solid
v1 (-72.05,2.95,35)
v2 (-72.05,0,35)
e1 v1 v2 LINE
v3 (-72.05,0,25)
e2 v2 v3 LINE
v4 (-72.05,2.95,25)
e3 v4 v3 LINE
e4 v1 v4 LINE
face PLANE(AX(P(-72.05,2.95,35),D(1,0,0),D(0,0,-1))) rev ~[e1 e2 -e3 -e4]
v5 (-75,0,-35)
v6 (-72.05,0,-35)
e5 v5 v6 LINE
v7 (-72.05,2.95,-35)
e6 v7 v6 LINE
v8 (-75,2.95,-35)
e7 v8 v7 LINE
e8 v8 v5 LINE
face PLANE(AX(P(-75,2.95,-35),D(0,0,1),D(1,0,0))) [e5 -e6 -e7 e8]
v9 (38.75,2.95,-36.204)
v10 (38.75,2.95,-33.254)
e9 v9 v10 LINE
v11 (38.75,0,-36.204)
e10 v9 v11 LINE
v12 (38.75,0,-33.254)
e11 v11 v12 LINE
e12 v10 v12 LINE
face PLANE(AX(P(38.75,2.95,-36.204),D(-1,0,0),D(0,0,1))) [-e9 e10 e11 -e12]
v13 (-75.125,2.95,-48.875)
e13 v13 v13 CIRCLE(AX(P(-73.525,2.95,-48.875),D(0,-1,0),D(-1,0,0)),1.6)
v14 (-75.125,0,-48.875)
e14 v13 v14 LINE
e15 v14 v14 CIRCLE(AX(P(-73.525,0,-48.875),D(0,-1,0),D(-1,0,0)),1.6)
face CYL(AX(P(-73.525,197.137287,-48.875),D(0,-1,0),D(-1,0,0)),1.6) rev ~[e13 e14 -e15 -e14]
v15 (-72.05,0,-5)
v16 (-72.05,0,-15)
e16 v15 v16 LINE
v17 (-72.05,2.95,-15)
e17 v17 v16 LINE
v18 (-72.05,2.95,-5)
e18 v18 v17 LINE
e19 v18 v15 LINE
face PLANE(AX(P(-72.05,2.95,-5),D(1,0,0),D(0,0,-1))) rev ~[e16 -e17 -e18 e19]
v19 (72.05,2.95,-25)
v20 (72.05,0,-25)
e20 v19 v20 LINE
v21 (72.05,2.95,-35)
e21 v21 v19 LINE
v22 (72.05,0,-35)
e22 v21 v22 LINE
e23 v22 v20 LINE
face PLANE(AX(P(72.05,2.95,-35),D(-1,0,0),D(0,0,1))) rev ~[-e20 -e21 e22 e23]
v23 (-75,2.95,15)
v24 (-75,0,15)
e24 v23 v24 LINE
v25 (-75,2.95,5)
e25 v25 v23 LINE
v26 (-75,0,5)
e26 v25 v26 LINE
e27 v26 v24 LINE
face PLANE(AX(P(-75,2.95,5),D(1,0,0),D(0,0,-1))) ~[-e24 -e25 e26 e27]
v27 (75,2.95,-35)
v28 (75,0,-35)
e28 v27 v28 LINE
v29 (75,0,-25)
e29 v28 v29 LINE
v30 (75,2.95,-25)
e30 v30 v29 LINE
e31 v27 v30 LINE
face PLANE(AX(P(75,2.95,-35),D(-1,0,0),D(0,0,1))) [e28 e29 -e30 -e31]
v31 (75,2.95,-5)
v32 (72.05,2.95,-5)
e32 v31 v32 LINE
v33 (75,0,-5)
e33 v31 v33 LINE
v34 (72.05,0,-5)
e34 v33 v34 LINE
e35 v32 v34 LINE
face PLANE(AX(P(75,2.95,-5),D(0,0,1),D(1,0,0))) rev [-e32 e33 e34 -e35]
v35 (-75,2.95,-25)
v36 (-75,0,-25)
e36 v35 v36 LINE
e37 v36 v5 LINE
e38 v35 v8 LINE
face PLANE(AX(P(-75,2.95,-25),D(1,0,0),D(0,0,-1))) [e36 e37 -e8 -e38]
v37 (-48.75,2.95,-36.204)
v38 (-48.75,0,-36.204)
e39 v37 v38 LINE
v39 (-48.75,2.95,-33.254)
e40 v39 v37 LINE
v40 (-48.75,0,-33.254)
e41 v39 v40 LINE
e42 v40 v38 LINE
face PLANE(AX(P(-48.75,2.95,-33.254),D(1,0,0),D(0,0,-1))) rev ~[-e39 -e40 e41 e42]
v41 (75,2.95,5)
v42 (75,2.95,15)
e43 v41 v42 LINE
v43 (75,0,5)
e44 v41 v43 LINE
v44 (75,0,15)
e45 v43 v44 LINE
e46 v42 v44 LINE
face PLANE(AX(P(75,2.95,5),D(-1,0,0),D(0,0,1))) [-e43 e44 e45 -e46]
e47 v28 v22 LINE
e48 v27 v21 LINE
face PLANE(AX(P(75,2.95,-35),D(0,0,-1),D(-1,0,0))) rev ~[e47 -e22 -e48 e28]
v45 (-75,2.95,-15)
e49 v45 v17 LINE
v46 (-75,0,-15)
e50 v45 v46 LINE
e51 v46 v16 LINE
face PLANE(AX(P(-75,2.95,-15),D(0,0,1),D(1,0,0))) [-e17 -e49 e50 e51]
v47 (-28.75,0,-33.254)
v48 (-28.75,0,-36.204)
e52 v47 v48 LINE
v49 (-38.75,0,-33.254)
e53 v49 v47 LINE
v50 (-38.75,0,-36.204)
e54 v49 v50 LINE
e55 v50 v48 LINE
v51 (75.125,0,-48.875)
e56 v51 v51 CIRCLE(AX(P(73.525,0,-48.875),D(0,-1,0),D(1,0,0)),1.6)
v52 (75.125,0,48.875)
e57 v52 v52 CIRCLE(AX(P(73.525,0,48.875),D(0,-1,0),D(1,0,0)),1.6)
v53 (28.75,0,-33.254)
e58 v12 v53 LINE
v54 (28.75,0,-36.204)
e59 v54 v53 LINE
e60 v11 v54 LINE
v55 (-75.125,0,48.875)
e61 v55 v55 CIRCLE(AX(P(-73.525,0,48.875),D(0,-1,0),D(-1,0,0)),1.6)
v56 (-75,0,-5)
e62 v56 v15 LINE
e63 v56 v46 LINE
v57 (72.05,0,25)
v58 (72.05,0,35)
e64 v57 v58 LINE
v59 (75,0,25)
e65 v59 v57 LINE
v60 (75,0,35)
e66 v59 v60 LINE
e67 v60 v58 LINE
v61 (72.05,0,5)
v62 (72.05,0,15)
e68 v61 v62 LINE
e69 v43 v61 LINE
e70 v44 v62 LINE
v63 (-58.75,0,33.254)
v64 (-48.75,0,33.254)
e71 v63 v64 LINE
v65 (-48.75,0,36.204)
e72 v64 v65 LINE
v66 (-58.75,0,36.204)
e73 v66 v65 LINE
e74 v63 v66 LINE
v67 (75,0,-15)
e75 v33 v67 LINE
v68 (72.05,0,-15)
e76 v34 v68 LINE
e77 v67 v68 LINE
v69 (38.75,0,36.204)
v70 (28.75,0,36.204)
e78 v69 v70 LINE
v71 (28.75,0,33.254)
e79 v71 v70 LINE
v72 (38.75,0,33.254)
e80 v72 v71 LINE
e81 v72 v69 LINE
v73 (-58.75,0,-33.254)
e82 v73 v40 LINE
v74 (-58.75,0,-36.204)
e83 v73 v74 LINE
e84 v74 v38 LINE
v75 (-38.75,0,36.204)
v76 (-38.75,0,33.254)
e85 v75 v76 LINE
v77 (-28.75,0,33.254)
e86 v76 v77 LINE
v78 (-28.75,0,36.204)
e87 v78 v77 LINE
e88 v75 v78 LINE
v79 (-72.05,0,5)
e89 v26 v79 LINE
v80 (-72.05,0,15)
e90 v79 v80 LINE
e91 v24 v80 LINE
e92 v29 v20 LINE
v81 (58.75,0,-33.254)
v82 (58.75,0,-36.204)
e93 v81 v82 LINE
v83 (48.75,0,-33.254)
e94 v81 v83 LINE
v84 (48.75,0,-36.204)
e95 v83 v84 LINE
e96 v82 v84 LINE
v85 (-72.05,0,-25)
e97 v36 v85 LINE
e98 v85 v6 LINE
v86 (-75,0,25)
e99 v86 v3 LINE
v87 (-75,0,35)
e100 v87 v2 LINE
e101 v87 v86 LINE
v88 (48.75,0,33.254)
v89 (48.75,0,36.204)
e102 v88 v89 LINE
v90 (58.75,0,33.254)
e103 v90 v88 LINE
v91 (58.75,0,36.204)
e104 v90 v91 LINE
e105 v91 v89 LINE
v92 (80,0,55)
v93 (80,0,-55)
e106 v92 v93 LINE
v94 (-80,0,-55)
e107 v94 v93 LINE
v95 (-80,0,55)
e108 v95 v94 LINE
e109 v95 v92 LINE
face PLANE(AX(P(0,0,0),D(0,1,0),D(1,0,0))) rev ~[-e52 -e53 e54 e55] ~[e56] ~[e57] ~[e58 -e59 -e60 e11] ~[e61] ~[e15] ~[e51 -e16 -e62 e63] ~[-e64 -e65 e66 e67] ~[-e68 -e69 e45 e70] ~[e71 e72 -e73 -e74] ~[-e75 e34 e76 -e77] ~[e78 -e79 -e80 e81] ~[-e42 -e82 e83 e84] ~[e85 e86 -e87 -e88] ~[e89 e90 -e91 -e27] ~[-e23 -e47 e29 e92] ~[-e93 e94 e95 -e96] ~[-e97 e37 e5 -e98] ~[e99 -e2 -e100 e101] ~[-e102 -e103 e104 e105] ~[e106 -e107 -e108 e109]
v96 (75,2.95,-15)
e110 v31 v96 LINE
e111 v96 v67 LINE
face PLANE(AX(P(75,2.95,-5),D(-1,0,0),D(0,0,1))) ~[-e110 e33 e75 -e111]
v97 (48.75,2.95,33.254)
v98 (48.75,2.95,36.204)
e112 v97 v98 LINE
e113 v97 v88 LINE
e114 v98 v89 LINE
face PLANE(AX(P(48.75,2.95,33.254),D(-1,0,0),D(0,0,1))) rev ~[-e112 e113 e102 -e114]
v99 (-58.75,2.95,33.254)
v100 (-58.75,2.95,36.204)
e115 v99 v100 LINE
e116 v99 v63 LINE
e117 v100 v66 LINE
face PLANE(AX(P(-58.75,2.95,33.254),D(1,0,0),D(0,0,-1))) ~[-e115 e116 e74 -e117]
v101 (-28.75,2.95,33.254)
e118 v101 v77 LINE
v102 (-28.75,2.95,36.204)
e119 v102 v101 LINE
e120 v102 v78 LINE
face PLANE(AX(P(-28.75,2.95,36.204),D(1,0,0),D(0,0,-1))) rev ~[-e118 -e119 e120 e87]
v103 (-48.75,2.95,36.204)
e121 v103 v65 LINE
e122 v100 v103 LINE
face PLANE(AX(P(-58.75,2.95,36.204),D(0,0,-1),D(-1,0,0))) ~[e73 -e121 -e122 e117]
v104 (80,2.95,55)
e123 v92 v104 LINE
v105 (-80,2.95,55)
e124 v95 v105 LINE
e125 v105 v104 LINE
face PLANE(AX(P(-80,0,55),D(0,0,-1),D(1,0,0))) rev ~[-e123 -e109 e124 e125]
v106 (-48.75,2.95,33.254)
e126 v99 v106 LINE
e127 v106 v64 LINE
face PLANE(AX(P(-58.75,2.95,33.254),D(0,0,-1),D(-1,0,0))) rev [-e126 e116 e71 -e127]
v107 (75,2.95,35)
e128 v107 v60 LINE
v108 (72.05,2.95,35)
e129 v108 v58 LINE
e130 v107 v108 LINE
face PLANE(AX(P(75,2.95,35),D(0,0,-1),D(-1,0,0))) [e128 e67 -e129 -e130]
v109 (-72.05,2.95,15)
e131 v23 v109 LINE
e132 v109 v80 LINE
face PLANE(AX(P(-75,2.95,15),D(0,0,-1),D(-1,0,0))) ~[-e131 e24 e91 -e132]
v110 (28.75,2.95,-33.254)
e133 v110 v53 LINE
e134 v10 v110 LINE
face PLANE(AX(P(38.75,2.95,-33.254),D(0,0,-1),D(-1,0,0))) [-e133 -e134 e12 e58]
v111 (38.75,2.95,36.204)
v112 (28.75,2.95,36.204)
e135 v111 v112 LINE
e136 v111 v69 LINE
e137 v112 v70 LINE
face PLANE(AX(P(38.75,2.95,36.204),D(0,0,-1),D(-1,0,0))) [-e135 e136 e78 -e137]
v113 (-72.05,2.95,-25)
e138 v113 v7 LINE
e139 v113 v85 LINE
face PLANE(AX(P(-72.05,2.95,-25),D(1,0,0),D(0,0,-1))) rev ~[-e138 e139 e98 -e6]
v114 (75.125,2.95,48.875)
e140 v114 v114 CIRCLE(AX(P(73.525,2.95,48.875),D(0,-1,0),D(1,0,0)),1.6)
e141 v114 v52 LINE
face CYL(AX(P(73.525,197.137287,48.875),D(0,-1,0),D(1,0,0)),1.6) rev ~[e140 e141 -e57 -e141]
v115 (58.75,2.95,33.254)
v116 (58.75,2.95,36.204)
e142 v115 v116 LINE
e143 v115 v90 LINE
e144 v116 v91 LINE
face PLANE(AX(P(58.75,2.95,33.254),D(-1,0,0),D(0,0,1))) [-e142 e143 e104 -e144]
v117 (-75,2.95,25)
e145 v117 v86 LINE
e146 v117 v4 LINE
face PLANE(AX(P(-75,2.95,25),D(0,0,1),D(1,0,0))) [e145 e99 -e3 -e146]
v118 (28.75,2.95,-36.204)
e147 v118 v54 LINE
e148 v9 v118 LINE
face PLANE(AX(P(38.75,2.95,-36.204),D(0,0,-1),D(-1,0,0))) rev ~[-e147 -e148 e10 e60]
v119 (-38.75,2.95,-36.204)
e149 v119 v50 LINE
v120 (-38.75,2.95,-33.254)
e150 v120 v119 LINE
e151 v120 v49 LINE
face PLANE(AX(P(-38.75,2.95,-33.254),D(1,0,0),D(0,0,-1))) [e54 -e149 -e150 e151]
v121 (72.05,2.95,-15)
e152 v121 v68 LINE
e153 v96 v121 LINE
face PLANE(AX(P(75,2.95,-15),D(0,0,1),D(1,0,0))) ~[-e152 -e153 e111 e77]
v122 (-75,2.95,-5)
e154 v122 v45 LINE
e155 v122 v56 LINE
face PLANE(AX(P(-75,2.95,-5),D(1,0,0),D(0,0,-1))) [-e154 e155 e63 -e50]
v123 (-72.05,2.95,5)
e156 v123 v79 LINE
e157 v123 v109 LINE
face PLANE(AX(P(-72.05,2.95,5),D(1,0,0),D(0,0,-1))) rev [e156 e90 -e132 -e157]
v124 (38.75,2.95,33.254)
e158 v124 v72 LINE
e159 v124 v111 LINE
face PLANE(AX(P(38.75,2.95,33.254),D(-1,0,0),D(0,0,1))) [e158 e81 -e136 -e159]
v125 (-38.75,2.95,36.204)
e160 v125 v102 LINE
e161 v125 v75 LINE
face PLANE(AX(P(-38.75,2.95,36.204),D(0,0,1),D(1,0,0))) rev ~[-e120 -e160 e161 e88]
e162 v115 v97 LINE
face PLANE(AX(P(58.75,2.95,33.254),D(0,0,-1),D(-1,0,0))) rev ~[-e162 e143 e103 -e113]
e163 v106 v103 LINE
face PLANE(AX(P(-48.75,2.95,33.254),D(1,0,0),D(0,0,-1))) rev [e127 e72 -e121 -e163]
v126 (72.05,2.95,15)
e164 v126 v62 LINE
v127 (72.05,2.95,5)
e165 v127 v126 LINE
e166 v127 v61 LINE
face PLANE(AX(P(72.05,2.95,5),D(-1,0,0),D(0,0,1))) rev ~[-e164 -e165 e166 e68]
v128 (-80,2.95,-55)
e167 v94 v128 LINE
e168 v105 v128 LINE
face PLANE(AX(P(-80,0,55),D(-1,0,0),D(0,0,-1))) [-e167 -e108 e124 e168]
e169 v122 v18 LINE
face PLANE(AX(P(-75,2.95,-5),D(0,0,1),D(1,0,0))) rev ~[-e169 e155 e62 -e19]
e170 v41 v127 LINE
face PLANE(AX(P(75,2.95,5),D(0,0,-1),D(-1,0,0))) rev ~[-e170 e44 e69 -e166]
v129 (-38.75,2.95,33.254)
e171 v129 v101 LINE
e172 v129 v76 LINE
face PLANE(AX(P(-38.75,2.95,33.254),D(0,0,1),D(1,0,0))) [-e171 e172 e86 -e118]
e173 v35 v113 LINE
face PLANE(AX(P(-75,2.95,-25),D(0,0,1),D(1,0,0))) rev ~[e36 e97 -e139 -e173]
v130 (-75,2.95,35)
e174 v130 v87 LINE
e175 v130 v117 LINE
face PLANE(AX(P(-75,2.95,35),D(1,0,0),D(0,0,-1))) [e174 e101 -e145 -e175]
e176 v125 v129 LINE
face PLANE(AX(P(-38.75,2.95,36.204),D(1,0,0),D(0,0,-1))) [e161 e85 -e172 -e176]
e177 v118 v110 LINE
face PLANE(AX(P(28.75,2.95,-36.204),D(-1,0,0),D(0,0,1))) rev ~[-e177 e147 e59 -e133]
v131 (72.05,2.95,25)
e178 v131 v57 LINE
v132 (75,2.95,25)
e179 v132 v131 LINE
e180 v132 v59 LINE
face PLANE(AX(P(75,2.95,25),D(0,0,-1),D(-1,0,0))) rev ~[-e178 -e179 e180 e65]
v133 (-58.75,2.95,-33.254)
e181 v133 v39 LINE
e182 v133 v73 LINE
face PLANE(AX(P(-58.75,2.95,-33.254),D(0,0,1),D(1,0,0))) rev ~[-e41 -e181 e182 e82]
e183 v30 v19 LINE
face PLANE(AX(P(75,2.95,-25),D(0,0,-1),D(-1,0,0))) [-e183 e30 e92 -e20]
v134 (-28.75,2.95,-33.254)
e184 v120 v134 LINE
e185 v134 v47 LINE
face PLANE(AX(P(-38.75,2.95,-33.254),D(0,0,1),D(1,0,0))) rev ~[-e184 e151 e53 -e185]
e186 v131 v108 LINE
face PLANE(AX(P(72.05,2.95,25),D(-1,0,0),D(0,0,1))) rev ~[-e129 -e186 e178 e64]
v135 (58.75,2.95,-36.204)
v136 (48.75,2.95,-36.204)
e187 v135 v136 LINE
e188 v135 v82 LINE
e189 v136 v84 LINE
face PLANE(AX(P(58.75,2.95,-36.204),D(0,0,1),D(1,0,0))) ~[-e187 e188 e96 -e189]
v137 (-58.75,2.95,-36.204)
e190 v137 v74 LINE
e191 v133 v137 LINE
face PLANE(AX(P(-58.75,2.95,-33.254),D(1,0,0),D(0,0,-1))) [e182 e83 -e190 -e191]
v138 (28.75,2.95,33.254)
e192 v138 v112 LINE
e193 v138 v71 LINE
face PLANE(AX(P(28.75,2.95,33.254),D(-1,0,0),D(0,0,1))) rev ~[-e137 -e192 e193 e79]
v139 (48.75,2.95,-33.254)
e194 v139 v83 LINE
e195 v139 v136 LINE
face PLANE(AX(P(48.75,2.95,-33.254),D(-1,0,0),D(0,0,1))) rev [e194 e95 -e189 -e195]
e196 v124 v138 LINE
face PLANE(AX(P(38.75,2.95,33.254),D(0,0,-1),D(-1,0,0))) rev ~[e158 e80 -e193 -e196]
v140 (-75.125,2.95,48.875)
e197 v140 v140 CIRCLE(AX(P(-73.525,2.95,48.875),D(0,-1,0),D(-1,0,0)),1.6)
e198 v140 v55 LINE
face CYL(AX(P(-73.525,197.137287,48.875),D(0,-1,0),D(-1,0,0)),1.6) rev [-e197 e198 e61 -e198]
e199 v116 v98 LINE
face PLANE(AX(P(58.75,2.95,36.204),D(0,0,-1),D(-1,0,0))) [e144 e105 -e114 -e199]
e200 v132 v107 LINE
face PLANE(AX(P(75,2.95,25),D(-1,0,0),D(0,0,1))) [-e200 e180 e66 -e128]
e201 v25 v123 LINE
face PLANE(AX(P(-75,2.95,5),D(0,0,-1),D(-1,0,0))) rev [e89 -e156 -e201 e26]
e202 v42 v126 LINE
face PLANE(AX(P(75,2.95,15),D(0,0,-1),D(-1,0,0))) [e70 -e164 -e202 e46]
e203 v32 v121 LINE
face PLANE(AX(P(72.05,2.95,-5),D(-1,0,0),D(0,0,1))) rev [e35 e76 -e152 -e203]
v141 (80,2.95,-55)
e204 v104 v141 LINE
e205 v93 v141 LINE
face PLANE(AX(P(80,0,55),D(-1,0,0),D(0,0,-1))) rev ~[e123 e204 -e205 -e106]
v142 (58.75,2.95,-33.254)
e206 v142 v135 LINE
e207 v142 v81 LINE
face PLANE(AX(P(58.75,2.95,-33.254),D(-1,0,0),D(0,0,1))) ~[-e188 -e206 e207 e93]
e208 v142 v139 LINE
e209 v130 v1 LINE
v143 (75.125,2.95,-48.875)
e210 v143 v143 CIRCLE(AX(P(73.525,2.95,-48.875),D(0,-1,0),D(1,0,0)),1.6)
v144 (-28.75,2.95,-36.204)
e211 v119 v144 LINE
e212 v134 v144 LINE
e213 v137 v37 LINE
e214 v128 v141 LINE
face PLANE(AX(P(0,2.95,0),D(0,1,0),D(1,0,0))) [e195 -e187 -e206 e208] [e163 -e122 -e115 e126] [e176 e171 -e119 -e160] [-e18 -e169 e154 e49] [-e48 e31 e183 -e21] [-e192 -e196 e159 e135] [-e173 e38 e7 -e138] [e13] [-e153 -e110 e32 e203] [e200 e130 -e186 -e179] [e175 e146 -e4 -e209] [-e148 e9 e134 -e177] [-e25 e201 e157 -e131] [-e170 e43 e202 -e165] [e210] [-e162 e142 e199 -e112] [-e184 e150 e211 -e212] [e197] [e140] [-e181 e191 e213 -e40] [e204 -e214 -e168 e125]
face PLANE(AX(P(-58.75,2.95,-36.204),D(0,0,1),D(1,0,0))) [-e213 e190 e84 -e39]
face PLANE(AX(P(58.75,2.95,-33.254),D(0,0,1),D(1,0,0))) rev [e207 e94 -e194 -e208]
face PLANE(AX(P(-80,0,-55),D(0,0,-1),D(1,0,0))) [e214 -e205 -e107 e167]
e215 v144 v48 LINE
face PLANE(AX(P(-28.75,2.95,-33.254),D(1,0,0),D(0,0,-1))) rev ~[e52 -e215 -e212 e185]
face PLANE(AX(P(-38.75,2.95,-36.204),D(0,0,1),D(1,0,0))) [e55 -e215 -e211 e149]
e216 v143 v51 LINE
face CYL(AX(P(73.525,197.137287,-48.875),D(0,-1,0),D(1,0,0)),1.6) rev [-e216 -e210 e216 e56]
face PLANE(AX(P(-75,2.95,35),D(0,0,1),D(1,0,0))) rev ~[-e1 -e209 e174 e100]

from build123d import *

# Parameters (mm, degrees)
SKETCH1_W               = 160
SKETCH1_H               = 110
BOSS_EXTRUDE1_DEPTH     = 2.95
SKETCH2_W               = 10
SKETCH2_H               = 2.95
CUT_EXTRUDE1_DEPTH      = 3.95
LPATTERN2_COUNT         = 2
LPATTERN2_PITCH         = 20
MIRROR1_COPY_1_SKETCH_W = 10
MIRROR1_COPY_1_SKETCH_H = 2.95
MIRROR1_COPY_1_DEPTH    = 3.95
MIRROR2_COPY_1_SKETCH_W = 10
MIRROR2_COPY_1_SKETCH_H = 2.95
MIRROR2_COPY_1_DEPTH    = 3.95
MIRROR2_COPY_2_SKETCH_W = 10
MIRROR2_COPY_2_SKETCH_H = 2.95
MIRROR2_COPY_2_DEPTH    = 3.95
MIRROR2_COPY_3_SKETCH_W = 10
MIRROR2_COPY_3_SKETCH_H = 2.95
MIRROR2_COPY_3_DEPTH    = 3.95
SKETCH4_W               = 2.95
SKETCH4_H               = 10
CUT_EXTRUDE2_DEPTH      = 3.95
LPATTERN3_COUNT         = 3
LPATTERN3_PITCH         = 20
MIRROR4_COPY_1_SKETCH_W = 2.95
MIRROR4_COPY_1_SKETCH_H = 10
MIRROR4_COPY_1_DEPTH    = 3.95
MIRROR5_COPY_1_SKETCH_W = 2.95
MIRROR5_COPY_1_SKETCH_H = 10
MIRROR5_COPY_1_DEPTH    = 3.95
MIRROR5_COPY_2_SKETCH_W = 2.95
MIRROR5_COPY_2_SKETCH_H = 10
MIRROR5_COPY_2_DEPTH    = 3.95
MIRROR5_COPY_3_SKETCH_W = 2.95
MIRROR5_COPY_3_SKETCH_H = 10
MIRROR5_COPY_3_DEPTH    = 3.95
M3_CLEARANCE_HOLE1_D    = 3.2
MIRROR7_COPY_1_D        = 3.2


with BuildPart() as part:
    # Sketch1 → Boss-Extrude1 (new body)
    with BuildSketch(Plane(origin=(0, 0, 0), x_dir=(1, 0, 0), z_dir=(0, 1, 0))):
        Rectangle(SKETCH1_W, SKETCH1_H)
    extrude(amount=BOSS_EXTRUDE1_DEPTH)

    # Sketch2 → Cut-Extrude1 (cut, through all)
    with BuildSketch(Plane(origin=(0, 2.95, 0), x_dir=(1, 0, 0), z_dir=(0, 1, 0))):
        with Locations((-53.75, 34.729)):
            Rectangle(SKETCH2_W, SKETCH2_H)
    cut_extrude1 = extrude(amount=-CUT_EXTRUDE1_DEPTH, mode=Mode.SUBTRACT)

    # LPattern2: Cut-Extrude1 ×2
    with Locations(*[(i * LPATTERN2_PITCH, 0, 0) for i in range(1, LPATTERN2_COUNT)]):
        add(cut_extrude1, mode=Mode.SUBTRACT)

    # Mirror1: Cut-Extrude1 across plane
    add(cut_extrude1.mirror(Plane.XY), mode=Mode.SUBTRACT)

    # Mirror1 copy 1 sketch → Mirror1 copy 1 (cut, through all)
    with BuildSketch(Plane(origin=(20, 2.95, 0), x_dir=(1, 0, 0), z_dir=(0, 1, 0))):
        with Locations((-53.75, -34.729)):
            Rectangle(MIRROR1_COPY_1_SKETCH_W, MIRROR1_COPY_1_SKETCH_H)
    extrude(amount=-MIRROR1_COPY_1_DEPTH, mode=Mode.SUBTRACT)

    # Mirror2: Cut-Extrude1 across plane
    add(cut_extrude1.mirror(Plane(origin=(0, 0, 0), x_dir=(0, 0, 1), z_dir=(1, 0, 0))), mode=Mode.SUBTRACT)

    # Mirror2 copy 1 sketch → Mirror2 copy 1 (cut, through all)
    with BuildSketch(Plane(origin=(0, 2.95, 0), x_dir=(-1, 0, 0), z_dir=(0, 1, 0))):
        with Locations((-53.75, 34.729)):
            Rectangle(MIRROR2_COPY_1_SKETCH_W, MIRROR2_COPY_1_SKETCH_H)
    extrude(amount=-MIRROR2_COPY_1_DEPTH, mode=Mode.SUBTRACT)

    # Mirror2 copy 2 sketch → Mirror2 copy 2 (cut, through all)
    with BuildSketch(Plane(origin=(-20, 2.95, 0), x_dir=(-1, 0, 0), z_dir=(0, 1, 0))):
        with Locations((-53.75, 34.729)):
            Rectangle(MIRROR2_COPY_2_SKETCH_W, MIRROR2_COPY_2_SKETCH_H)
    extrude(amount=-MIRROR2_COPY_2_DEPTH, mode=Mode.SUBTRACT)

    # Mirror2 copy 3 sketch → Mirror2 copy 3 (cut, through all)
    with BuildSketch(Plane(origin=(-20, 2.95, 0), x_dir=(-1, 0, 0), z_dir=(0, 1, 0))):
        with Locations((-53.75, -34.729)):
            Rectangle(MIRROR2_COPY_3_SKETCH_W, MIRROR2_COPY_3_SKETCH_H)
    extrude(amount=-MIRROR2_COPY_3_DEPTH, mode=Mode.SUBTRACT)

    # Sketch4 → Cut-Extrude2 (cut, through all)
    with BuildSketch(Plane(origin=(0, 2.95, 0), x_dir=(1, 0, 0), z_dir=(0, 1, 0))):
        with Locations((-73.525, 10)):
            Rectangle(SKETCH4_W, SKETCH4_H)
    cut_extrude2 = extrude(amount=-CUT_EXTRUDE2_DEPTH, mode=Mode.SUBTRACT)

    # LPattern3: Cut-Extrude2 ×3, 1 skipped
    with Locations(*[(0, 0, -i * LPATTERN3_PITCH) for i in range(1, LPATTERN3_COUNT) if i not in (2,)]):
        add(cut_extrude2, mode=Mode.SUBTRACT)

    # Mirror4: Cut-Extrude2 across plane
    add(cut_extrude2.mirror(Plane.XY), mode=Mode.SUBTRACT)

    # Mirror4 copy 1 sketch → Mirror4 copy 1 (cut, through all)
    with BuildSketch(Plane(origin=(0, 2.95, 20), x_dir=(1, 0, 0), z_dir=(0, 1, 0))):
        with Locations((-73.525, -10)):
            Rectangle(MIRROR4_COPY_1_SKETCH_W, MIRROR4_COPY_1_SKETCH_H)
    extrude(amount=-MIRROR4_COPY_1_DEPTH, mode=Mode.SUBTRACT)

    # Mirror5: Cut-Extrude2 across plane
    add(cut_extrude2.mirror(Plane(origin=(0, 0, 0), x_dir=(0, 0, 1), z_dir=(1, 0, 0))), mode=Mode.SUBTRACT)

    # Mirror5 copy 1 sketch → Mirror5 copy 1 (cut, through all)
    with BuildSketch(Plane(origin=(0, 2.95, 0), x_dir=(-1, 0, 0), z_dir=(0, 1, 0))):
        with Locations((-73.525, 10)):
            Rectangle(MIRROR5_COPY_1_SKETCH_W, MIRROR5_COPY_1_SKETCH_H)
    extrude(amount=-MIRROR5_COPY_1_DEPTH, mode=Mode.SUBTRACT)

    # Mirror5 copy 2 sketch → Mirror5 copy 2 (cut, through all)
    with BuildSketch(Plane(origin=(0, 2.95, 20), x_dir=(-1, 0, 0), z_dir=(0, 1, 0))):
        with Locations((-73.525, 10)):
            Rectangle(MIRROR5_COPY_2_SKETCH_W, MIRROR5_COPY_2_SKETCH_H)
    extrude(amount=-MIRROR5_COPY_2_DEPTH, mode=Mode.SUBTRACT)

    # Mirror5 copy 3 sketch → Mirror5 copy 3 (cut, through all)
    with BuildSketch(Plane(origin=(0, 2.95, -20), x_dir=(-1, 0, 0), z_dir=(0, 1, 0))):
        with Locations((-73.525, -10)):
            Rectangle(MIRROR5_COPY_3_SKETCH_W, MIRROR5_COPY_3_SKETCH_H)
    extrude(amount=-MIRROR5_COPY_3_DEPTH, mode=Mode.SUBTRACT)

    # M3 Clearance Hole1 (through all)
    with Locations(Plane(origin=(0, 2.95, 0), x_dir=(1, 0, 0), z_dir=(0, 1, 0))):
        with Locations((-73.525, 48.875)):
            m3_clearance_hole1 = Hole(M3_CLEARANCE_HOLE1_D / 2)

    # Mirror6: M3 Clearance Hole1 across plane
    add(m3_clearance_hole1.mirror(Plane.XY), mode=Mode.SUBTRACT)

    # Mirror7: M3 Clearance Hole1 across plane
    add(m3_clearance_hole1.mirror(Plane(origin=(0, 0, 0), x_dir=(0, 0, 1), z_dir=(1, 0, 0))), mode=Mode.SUBTRACT)

    # Mirror7 copy 1 (through all)
    with Locations(Plane(origin=(0, 2.95, 0), x_dir=(-1, 0, 0), z_dir=(0, 1, 0))):
        with Locations((-73.525, 48.875)):
            Hole(MIRROR7_COPY_1_D / 2)


solid = part.part
